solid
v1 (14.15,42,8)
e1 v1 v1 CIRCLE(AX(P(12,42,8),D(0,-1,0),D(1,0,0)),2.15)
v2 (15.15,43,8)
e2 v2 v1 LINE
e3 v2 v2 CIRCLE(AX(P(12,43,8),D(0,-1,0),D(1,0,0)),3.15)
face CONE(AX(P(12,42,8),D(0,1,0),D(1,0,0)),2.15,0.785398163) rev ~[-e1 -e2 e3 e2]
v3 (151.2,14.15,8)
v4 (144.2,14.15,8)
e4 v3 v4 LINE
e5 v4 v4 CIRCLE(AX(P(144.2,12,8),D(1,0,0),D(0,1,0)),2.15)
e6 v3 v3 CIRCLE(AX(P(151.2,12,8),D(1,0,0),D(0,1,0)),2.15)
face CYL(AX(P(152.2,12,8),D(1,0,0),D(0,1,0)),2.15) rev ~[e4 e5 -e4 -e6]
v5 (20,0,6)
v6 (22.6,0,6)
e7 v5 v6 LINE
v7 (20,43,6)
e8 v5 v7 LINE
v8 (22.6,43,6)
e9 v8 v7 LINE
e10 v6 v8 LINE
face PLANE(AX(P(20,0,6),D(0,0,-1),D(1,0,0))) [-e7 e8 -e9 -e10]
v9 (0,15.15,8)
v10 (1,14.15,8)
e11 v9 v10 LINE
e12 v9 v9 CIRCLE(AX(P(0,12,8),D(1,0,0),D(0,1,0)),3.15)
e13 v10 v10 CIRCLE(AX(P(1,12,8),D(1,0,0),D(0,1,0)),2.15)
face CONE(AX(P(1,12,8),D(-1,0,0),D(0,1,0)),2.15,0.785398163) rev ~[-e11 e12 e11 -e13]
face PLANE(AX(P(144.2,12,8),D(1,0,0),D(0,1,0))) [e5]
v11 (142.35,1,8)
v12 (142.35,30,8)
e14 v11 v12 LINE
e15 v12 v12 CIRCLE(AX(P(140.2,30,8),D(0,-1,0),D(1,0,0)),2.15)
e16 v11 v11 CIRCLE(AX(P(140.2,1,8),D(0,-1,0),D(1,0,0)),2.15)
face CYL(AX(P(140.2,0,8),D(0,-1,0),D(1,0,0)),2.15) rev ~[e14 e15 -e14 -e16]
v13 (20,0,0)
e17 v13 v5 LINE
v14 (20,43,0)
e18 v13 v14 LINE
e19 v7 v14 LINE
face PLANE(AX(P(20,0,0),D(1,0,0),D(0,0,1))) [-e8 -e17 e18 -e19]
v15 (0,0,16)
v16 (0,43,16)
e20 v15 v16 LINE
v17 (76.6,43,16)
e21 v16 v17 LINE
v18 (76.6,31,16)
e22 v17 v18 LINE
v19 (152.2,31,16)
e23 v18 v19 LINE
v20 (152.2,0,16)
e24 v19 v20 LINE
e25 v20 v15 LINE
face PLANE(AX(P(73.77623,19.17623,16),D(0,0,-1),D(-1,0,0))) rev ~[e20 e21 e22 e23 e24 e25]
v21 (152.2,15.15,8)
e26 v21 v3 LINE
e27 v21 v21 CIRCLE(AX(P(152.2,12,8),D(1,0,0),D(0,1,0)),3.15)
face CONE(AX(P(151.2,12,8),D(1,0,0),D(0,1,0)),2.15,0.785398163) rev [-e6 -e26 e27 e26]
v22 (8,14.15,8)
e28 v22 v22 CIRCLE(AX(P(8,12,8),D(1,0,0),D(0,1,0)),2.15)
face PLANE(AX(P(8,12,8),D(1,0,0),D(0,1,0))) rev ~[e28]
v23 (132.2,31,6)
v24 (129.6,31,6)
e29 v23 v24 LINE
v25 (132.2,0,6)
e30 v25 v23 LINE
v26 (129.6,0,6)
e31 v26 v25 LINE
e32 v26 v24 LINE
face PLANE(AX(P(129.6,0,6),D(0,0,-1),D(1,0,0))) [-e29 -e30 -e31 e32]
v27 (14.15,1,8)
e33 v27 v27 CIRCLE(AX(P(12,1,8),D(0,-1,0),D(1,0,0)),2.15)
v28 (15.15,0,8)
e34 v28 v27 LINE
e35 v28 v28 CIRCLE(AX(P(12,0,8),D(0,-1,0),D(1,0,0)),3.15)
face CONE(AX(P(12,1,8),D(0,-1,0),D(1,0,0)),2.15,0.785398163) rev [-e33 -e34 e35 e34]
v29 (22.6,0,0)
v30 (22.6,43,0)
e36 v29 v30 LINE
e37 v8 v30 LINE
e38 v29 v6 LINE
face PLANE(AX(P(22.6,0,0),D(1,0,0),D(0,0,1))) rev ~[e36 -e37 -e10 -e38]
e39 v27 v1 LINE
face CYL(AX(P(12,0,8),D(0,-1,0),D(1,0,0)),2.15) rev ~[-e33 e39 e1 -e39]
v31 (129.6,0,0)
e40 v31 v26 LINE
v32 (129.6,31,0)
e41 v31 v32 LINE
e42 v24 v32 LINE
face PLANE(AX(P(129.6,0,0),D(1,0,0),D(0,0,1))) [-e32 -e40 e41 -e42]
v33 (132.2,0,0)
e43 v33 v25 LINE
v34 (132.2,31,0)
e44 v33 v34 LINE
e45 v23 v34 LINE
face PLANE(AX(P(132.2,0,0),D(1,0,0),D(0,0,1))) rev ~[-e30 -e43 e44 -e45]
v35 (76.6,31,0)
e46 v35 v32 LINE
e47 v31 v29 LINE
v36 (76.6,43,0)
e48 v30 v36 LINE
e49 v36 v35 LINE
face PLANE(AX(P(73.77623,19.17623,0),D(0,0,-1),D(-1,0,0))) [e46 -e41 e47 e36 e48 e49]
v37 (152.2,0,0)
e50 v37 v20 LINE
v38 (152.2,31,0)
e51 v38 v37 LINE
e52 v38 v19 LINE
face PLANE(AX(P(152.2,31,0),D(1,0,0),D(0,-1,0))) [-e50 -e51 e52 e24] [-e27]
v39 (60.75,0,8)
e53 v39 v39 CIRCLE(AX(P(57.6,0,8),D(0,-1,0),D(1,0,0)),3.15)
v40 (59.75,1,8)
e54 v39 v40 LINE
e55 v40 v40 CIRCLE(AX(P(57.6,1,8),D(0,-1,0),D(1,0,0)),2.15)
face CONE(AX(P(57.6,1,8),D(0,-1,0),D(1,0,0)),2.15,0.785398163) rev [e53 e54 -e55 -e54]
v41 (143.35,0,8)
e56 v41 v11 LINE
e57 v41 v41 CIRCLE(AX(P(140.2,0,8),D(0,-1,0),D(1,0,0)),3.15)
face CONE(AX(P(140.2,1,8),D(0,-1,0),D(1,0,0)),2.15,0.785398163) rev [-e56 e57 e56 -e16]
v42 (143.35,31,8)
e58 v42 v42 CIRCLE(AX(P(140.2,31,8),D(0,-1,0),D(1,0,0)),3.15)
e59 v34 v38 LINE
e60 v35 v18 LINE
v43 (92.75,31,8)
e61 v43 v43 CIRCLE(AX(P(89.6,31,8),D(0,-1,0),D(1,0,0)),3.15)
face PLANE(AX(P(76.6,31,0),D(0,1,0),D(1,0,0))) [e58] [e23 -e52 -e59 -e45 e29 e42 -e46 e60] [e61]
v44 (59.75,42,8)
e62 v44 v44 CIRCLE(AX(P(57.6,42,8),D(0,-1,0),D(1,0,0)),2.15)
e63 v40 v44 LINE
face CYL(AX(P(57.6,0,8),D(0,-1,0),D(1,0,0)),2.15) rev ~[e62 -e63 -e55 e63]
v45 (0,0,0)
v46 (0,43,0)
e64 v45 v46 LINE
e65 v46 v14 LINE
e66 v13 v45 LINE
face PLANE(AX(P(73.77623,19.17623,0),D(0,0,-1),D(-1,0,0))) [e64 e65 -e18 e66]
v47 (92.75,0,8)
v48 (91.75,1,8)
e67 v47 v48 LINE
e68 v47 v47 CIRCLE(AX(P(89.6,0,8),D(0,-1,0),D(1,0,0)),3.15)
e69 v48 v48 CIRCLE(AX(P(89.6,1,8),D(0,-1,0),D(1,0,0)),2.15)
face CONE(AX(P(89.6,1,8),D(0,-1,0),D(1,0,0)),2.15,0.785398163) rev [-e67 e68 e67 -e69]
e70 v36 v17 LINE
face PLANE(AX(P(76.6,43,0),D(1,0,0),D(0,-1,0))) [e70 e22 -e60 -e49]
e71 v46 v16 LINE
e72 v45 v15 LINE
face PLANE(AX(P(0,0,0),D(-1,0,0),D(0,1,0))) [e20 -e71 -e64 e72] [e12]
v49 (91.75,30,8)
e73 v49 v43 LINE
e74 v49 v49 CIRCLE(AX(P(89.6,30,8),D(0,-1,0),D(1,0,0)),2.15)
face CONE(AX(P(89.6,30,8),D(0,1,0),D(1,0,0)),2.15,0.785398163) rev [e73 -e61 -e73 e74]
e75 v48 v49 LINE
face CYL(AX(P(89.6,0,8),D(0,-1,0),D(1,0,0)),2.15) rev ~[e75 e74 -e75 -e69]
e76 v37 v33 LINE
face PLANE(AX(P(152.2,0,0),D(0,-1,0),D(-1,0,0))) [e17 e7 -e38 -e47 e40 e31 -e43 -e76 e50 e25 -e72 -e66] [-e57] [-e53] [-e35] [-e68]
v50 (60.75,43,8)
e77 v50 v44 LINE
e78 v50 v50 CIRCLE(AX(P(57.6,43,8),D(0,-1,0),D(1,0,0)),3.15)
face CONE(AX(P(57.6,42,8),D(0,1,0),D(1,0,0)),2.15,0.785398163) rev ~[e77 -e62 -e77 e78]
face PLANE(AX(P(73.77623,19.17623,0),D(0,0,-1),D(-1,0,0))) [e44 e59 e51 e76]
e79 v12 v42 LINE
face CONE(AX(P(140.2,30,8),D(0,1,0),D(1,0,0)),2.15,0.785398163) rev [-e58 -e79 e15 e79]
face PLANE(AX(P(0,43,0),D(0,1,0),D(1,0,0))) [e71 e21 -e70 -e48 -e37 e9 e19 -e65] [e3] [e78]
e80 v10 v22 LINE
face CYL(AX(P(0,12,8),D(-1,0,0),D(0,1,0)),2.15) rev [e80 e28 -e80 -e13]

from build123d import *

# Parameters (mm, degrees)
PAD_DEPTH       = 16
SKETCH001_R     = 2.15
SKETCH001_W     = 2.6
SKETCH001_H     = 6
POCKET_DEPTH    = 43.001
SKETCH002_R     = 2.15
POCKET001_DEPTH = 8
SKETCH003_R     = 2.15
POCKET002_DEPTH = 8
CHAMFER_SIZE    = 1


with BuildPart() as part:
    # Sketch → Pad (new body)
    with BuildSketch(Plane.XY):
        Polygon((0, 0), (0, 43), (76.6, 43), (76.6, 31), (152.2, 31), (152.2, 0), align=None)
    extrude(amount=PAD_DEPTH)

    # Sketch001 → Pocket (cut, through all)
    with BuildSketch(Plane.XZ):
        with Locations((12, 8)):
            Circle(SKETCH001_R)
        with Locations((89.6, 8)):
            Circle(SKETCH001_R)
        with Locations((140.2, 8)):
            Circle(SKETCH001_R)
        with Locations((57.6, 8)):
            Circle(SKETCH001_R)
        with Locations((21.3, 3)):
            Rectangle(SKETCH001_W, SKETCH001_H)
        with Locations((130.9, 3)):
            Rectangle(SKETCH001_W, SKETCH001_H)
    extrude(amount=-POCKET_DEPTH, mode=Mode.SUBTRACT)

    # Sketch002 → Pocket001 (cut)
    with BuildSketch(Plane.YZ):
        with Locations((12, 8)):
            Circle(SKETCH002_R)
    extrude(amount=POCKET001_DEPTH, mode=Mode.SUBTRACT)

    # Sketch003 (on DatumPlane) → Pocket002 (cut)
    with BuildSketch(Plane.YZ.offset(152.2)):
        with Locations((12, 8)):
            Circle(SKETCH003_R)
    extrude(amount=-POCKET002_DEPTH, mode=Mode.SUBTRACT)

    # Chamfer
    chamfer_edges = [part.edges().sort_by_distance(p)[0] for p in [
        (0, 9.85, 8),
        (9.85, 0, 8),
        (55.45, 0, 8),
        (87.45, 0, 8),
        (138.05, 0, 8),
        (152.2, 9.85, 8),
        (138.05, 31, 8),
        (87.45, 31, 8),
        (55.45, 43, 8),
        (9.85, 43, 8),
    ]]
    chamfer(chamfer_edges, length=CHAMFER_SIZE)


solid = part.part
